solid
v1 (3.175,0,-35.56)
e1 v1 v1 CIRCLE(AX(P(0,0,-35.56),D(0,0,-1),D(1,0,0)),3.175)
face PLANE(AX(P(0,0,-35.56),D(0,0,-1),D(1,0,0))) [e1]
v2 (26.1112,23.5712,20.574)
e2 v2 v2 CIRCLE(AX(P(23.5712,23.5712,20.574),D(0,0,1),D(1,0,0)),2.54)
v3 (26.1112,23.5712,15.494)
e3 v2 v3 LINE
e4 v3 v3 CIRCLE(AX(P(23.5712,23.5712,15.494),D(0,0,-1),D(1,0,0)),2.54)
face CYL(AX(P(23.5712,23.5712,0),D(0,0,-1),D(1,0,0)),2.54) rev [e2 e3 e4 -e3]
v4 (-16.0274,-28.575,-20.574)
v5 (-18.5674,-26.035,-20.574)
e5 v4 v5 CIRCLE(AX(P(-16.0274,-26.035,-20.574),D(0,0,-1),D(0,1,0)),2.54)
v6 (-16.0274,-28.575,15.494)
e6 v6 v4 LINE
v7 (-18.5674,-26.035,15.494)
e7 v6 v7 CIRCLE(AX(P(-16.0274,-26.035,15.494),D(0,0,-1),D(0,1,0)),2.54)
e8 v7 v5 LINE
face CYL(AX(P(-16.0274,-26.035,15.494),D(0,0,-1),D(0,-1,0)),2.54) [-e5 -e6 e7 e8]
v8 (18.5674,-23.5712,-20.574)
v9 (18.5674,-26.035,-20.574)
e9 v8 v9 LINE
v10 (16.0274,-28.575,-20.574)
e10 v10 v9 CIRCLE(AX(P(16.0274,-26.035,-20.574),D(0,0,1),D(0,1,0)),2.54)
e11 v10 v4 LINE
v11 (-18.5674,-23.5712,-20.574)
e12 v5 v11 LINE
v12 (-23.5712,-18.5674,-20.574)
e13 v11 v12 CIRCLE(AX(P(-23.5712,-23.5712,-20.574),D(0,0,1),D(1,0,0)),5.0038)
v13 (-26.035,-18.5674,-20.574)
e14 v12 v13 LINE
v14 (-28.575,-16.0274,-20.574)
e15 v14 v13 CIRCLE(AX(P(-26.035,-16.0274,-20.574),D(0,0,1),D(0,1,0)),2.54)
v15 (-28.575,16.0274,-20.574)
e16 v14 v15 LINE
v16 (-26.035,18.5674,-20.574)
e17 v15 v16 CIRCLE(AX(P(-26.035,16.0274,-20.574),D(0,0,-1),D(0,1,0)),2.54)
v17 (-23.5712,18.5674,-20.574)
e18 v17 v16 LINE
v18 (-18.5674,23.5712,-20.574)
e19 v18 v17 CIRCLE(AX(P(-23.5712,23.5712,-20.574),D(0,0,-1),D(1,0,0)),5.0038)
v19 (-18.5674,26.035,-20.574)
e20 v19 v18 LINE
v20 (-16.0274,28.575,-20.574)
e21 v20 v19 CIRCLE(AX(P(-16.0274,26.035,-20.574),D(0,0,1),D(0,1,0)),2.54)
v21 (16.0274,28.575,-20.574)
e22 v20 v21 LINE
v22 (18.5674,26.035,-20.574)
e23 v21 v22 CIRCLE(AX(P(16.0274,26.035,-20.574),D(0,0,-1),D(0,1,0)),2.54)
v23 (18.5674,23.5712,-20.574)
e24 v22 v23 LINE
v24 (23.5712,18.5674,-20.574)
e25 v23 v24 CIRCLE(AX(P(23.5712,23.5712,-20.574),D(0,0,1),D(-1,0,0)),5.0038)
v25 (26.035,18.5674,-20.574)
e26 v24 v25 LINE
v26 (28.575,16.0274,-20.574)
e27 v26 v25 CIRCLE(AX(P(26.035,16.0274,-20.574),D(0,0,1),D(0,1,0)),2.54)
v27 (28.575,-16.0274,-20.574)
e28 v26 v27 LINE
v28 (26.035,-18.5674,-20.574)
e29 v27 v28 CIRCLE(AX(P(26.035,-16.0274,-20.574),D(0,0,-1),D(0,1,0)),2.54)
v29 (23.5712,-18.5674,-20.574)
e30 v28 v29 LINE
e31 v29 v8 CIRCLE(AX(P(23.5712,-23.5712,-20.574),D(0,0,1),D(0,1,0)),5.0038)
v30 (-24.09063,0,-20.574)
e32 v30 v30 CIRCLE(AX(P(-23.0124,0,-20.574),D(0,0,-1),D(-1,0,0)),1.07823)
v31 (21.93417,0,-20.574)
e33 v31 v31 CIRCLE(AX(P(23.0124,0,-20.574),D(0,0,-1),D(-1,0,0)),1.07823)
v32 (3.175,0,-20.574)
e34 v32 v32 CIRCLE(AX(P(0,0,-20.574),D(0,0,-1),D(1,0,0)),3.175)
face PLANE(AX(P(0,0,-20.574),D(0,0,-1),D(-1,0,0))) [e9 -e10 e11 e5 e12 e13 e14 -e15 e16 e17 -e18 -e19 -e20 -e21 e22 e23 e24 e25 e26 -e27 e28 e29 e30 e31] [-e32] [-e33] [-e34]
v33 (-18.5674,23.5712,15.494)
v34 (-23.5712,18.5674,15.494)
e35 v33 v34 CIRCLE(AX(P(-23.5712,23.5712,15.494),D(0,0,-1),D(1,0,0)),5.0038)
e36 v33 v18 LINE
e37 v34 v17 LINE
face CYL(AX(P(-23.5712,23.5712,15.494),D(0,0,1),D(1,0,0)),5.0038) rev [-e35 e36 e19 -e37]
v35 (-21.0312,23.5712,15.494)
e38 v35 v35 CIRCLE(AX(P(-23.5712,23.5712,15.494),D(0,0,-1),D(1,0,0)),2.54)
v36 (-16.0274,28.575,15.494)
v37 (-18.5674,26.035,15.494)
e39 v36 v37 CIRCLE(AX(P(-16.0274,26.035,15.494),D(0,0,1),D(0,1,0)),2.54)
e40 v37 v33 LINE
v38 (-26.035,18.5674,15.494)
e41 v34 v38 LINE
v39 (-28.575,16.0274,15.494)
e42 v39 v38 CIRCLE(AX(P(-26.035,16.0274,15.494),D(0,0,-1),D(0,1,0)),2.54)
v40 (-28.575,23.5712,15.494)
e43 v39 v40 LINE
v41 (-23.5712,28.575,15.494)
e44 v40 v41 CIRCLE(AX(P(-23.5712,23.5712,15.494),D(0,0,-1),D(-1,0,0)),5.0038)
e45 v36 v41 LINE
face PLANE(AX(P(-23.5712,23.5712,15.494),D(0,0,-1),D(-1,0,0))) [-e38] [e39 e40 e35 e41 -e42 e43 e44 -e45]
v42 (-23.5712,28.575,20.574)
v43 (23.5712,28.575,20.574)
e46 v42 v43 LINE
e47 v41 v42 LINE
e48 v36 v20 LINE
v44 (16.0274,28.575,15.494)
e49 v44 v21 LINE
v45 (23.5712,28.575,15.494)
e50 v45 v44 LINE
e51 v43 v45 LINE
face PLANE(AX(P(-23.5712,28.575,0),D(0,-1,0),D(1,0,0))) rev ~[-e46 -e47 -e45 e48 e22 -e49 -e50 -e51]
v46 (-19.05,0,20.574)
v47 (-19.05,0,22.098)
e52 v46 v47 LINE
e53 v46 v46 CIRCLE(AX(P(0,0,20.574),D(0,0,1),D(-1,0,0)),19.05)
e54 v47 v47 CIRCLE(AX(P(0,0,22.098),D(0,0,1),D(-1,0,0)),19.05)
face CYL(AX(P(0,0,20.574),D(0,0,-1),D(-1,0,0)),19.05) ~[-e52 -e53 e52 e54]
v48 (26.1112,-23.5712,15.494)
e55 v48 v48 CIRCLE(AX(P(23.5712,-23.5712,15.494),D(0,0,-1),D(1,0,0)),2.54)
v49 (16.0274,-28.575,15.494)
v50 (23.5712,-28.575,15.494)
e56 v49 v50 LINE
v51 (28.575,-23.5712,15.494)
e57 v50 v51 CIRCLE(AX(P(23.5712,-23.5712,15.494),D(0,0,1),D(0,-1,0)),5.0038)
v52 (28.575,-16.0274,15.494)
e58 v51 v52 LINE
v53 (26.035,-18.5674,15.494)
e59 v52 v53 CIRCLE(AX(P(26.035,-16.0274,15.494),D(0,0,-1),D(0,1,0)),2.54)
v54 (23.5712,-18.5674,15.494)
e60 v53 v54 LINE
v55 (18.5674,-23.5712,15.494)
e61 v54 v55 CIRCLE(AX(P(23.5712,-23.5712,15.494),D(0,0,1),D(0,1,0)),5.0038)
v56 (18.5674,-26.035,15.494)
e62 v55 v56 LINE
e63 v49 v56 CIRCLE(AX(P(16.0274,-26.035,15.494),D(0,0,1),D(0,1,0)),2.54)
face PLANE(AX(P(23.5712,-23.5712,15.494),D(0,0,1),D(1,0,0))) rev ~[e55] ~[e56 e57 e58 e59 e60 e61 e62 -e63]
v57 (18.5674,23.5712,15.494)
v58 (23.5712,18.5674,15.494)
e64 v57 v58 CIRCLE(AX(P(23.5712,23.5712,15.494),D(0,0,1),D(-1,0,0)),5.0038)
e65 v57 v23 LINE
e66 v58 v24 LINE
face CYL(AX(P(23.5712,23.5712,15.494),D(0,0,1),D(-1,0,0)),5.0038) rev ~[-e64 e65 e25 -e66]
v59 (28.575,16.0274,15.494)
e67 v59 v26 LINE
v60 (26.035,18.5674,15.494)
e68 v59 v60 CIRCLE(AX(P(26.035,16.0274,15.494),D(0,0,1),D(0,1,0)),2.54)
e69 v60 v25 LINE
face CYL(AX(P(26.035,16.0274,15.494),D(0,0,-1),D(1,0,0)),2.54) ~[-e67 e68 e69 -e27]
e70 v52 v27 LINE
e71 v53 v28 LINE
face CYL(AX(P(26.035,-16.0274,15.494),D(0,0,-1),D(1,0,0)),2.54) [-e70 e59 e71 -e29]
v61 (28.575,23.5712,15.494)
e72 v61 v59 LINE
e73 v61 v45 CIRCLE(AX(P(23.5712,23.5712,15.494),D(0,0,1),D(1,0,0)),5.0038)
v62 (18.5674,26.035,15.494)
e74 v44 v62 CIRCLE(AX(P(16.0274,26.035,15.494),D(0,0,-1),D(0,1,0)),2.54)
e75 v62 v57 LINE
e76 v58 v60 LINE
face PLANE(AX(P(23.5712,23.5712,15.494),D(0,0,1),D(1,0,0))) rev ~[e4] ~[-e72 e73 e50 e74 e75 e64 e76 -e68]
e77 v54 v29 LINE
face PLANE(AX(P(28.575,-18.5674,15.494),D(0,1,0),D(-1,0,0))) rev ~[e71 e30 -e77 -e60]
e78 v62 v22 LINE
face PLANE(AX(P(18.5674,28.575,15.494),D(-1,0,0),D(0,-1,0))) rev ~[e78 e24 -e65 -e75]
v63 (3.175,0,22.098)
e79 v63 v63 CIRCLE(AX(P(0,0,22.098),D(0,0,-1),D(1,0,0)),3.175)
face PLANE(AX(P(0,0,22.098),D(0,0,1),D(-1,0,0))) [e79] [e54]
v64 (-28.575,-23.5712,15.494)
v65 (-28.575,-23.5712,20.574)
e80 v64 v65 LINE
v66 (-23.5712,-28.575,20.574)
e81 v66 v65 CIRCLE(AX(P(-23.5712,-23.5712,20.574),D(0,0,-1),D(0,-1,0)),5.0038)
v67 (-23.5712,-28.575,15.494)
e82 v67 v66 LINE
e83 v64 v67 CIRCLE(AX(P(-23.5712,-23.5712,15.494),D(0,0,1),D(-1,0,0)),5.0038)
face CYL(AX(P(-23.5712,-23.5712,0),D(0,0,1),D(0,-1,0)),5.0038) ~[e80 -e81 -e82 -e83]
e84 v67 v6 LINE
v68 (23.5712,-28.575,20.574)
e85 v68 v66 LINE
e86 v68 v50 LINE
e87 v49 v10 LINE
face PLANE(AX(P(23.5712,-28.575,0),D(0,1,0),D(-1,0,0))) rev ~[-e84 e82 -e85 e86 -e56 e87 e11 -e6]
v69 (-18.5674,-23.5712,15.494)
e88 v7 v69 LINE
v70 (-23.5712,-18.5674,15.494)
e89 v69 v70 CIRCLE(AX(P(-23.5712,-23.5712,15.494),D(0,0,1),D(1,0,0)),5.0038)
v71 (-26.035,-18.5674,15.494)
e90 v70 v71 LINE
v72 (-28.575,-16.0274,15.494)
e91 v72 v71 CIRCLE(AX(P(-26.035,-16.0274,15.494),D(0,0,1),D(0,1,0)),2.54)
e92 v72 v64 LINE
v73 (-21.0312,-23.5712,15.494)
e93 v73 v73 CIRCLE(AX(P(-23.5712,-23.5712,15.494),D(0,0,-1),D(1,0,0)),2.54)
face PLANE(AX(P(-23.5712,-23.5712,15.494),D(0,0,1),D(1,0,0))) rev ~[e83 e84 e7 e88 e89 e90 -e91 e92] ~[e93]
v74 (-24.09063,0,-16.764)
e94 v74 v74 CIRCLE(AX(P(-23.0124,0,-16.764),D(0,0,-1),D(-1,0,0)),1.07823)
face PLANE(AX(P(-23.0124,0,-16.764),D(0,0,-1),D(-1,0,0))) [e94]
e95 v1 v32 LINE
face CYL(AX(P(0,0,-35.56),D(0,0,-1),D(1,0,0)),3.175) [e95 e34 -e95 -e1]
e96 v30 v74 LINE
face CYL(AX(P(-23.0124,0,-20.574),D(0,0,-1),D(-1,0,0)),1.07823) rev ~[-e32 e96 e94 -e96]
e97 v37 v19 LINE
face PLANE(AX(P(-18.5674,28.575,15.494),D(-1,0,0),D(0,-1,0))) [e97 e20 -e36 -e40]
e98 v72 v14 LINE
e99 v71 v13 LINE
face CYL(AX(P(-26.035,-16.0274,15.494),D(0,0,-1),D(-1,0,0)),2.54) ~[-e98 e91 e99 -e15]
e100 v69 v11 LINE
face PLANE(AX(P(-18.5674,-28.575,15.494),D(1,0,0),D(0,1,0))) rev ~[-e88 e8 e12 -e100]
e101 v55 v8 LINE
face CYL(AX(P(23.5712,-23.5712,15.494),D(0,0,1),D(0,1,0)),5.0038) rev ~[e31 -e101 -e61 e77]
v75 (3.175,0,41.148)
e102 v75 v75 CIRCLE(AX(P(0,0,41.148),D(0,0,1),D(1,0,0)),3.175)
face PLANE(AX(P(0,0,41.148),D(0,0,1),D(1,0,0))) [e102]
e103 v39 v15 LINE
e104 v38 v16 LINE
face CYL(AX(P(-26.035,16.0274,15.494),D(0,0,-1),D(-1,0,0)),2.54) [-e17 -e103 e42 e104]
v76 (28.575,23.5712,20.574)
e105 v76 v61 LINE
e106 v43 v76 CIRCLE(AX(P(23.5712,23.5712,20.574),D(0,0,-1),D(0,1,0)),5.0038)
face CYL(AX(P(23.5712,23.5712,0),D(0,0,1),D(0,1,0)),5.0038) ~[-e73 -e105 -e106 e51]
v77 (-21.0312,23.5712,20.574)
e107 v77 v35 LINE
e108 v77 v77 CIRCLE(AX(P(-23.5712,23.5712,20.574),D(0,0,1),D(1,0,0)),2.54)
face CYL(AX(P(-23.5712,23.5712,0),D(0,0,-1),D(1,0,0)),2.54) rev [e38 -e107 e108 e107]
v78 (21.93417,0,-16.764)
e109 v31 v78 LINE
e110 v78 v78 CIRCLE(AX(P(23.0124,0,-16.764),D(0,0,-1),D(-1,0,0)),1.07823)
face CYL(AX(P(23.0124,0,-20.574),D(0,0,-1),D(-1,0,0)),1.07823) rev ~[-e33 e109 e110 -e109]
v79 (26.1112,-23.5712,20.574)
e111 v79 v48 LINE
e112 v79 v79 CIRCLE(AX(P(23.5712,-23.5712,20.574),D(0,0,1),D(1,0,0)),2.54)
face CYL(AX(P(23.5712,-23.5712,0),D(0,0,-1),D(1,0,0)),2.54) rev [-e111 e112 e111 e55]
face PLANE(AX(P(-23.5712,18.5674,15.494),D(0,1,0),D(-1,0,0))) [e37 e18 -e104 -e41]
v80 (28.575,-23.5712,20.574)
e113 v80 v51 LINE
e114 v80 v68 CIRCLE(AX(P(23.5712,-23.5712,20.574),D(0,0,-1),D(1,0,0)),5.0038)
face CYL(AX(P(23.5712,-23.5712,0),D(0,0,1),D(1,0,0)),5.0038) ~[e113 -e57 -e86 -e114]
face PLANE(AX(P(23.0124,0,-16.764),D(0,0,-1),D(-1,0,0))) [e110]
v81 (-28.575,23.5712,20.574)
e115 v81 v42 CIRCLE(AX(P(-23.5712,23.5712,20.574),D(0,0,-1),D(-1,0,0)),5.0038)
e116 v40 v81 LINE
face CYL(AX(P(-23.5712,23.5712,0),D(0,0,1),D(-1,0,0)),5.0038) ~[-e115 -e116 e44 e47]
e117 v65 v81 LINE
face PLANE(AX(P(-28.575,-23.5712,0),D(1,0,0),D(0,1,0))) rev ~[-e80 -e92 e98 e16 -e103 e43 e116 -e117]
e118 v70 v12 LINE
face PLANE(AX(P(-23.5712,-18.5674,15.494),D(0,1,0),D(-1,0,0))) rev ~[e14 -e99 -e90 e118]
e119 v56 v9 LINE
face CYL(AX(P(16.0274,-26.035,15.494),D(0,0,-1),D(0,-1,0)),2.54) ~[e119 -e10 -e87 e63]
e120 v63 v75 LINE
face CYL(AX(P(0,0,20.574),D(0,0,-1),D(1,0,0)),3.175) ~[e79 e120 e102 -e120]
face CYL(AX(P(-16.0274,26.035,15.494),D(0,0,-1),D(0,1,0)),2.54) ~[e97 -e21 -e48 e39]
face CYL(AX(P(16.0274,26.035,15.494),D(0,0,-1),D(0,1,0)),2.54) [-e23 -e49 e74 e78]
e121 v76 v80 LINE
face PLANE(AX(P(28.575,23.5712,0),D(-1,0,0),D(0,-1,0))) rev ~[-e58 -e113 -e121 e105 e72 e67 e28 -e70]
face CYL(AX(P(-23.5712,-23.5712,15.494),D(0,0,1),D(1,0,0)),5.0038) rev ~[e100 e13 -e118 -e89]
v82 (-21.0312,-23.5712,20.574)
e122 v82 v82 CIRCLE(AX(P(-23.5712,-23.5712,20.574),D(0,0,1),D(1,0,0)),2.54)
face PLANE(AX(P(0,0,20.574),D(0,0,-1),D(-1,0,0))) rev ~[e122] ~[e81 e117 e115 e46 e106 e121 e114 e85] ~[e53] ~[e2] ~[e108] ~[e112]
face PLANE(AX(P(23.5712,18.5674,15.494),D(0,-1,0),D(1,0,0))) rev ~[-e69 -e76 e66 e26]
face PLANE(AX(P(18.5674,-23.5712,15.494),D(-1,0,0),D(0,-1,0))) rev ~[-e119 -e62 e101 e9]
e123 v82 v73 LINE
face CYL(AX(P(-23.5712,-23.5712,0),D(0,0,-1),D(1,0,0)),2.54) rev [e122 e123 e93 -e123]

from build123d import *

# Parameters (mm, degrees)
SKETCH1_R      = 2.54
EXTRUDE1_DEPTH = 20.574
SKETCH2_R      = 19.05
EXTRUDE2_DEPTH = 1.524
SKETCH3_R      = 3.175
EXTRUDE3_DEPTH = 20.574
EXTRUDE4_START = -36.068
EXTRUDE4_DEPTH = 36.068
FILLET1_R      = 2.54
EXTRUDE5_START = 14.986
SKETCH5_R      = 3.175
EXTRUDE5_DEPTH = 14.986
SKETCH6_R      = 1.07823
EXTRUDE6_DEPTH = 3.81


with BuildPart() as part:
    # Sketch1 → Extrude1 (new, symmetric)
    with BuildSketch(Plane.XY):
        with BuildLine():
            Line((-23.5712, 28.575), (23.5712, 28.575))
            ThreePointArc((23.5712, 28.575), (27.109420912, 27.109420912), (28.575, 23.5712))
            Line((28.575, 23.5712), (28.575, -23.5712))
            ThreePointArc((28.575, -23.5712), (27.109420912, -27.109420912), (23.5712, -28.575))
            Line((23.5712, -28.575), (-23.5712, -28.575))
            ThreePointArc((-23.5712, -28.575), (-27.109420912, -27.109420912), (-28.575, -23.5712))
            Line((-28.575, -23.5712), (-28.575, 23.5712))
            ThreePointArc((-28.575, 23.5712), (-27.109420912, 27.109420912), (-23.5712, 28.575))
        make_face()
        with Locations((-23.5712, 23.5712)):
            Circle(SKETCH1_R, mode=Mode.SUBTRACT)
        with Locations((23.5712, 23.5712)):
            Circle(SKETCH1_R, mode=Mode.SUBTRACT)
        with Locations((23.5712, -23.5712)):
            Circle(SKETCH1_R, mode=Mode.SUBTRACT)
        with Locations((-23.5712, -23.5712)):
            Circle(SKETCH1_R, mode=Mode.SUBTRACT)
    extrude(amount=EXTRUDE1_DEPTH, both=True)

    # Sketch2 → Extrude2 (add)
    with BuildSketch(Plane.XY.offset(20.574)):
        with Locations(Location((0, 0, 0), (0, 0, 180))):
            Circle(SKETCH2_R)
    extrude(amount=EXTRUDE2_DEPTH)

    # Sketch3 → Extrude3 (add)
    with BuildSketch(Plane.XY.offset(20.574)):
        Circle(SKETCH3_R)
    extrude(amount=EXTRUDE3_DEPTH)

    # Sketch4 → Extrude4 (cut)
    with BuildSketch(Plane(origin=(0, 0, -20.574), x_dir=(-1, 0, 0), z_dir=(0, 0, -1)).offset(EXTRUDE4_START)):
        with BuildLine():
            Line((-23.5712, 18.5674), (-28.575, 18.5674))
            Line((-28.575, 18.5674), (-28.575, 23.5712))
            ThreePointArc((-28.575, 23.5712), (-27.109420912, 27.109420912), (-23.5712, 28.575))
            Line((-23.5712, 28.575), (-18.5674, 28.575))
            Line((-18.5674, 28.575), (-18.5674, 23.5712))
            ThreePointArc((-18.5674, 23.5712), (-20.032979088, 20.032979088), (-23.5712, 18.5674))
        make_face()
        with BuildLine():
            Line((23.5712, 18.5674), (28.575, 18.5674))
            Line((28.575, 18.5674), (28.575, 23.5712))
            ThreePointArc((28.575, 23.5712), (27.109420912, 27.109420912), (23.5712, 28.575))
            Line((23.5712, 28.575), (18.5674, 28.575))
            Line((18.5674, 28.575), (18.5674, 23.5712))
            ThreePointArc((18.5674, 23.5712), (20.032979088, 20.032979088), (23.5712, 18.5674))
        make_face()
        with BuildLine():
            Line((23.5712, -18.5674), (28.575, -18.5674))
            Line((28.575, -18.5674), (28.575, -23.5712))
            ThreePointArc((28.575, -23.5712), (27.109420912, -27.109420912), (23.5712, -28.575))
            Line((23.5712, -28.575), (18.5674, -28.575))
            Line((18.5674, -28.575), (18.5674, -23.5712))
            ThreePointArc((18.5674, -23.5712), (20.032979088, -20.032979088), (23.5712, -18.5674))
        make_face()
        with BuildLine():
            Line((-18.5674, -23.5712), (-18.5674, -28.575))
            Line((-18.5674, -28.575), (-23.5712, -28.575))
            ThreePointArc((-23.5712, -28.575), (-27.109420912, -27.109420912), (-28.575, -23.5712))
            Line((-28.575, -23.5712), (-28.575, -18.5674))
            Line((-28.575, -18.5674), (-23.5712, -18.5674))
            ThreePointArc((-23.5712, -18.5674), (-20.032979088, -20.032979088), (-18.5674, -23.5712))
        make_face()
    extrude(amount=EXTRUDE4_DEPTH, mode=Mode.SUBTRACT)

    # Fillet1
    fillet1_edges = [part.edges().sort_by_distance(p)[0] for p in [
        (28.575, -18.5674, -2.54),
        (18.5674, -28.575, -2.54),
        (18.5674, 28.575, -2.54),
        (28.575, 18.5674, -2.54),
        (-28.575, 18.5674, -2.54),
        (-18.5674, 28.575, -2.54),
        (-18.5674, -28.575, -2.54),
        (-28.575, -18.5674, -2.54),
    ]]
    fillet(fillet1_edges, radius=FILLET1_R)

    # Sketch5 → Extrude5 (add)
    with BuildSketch(Plane(origin=(0, 0, -20.574), x_dir=(-1, 0, 0), z_dir=(0, 0, -1)).offset(EXTRUDE5_START)):
        with Locations(Location((0, 0, 0), (0, 0, 180))):
            Circle(SKETCH5_R)
    extrude(amount=-EXTRUDE5_DEPTH)

    # Sketch6 → Extrude6 (cut)
    with BuildSketch(Plane(origin=(0, 0, -20.574), x_dir=(-1, 0, 0), z_dir=(0, 0, -1))):
        with Locations((-23.0124, 0)):
            Circle(SKETCH6_R)
        with Locations((23.0124, 0)):
            Circle(SKETCH6_R)
    extrude(amount=-EXTRUDE6_DEPTH, mode=Mode.SUBTRACT)


solid = part.part
